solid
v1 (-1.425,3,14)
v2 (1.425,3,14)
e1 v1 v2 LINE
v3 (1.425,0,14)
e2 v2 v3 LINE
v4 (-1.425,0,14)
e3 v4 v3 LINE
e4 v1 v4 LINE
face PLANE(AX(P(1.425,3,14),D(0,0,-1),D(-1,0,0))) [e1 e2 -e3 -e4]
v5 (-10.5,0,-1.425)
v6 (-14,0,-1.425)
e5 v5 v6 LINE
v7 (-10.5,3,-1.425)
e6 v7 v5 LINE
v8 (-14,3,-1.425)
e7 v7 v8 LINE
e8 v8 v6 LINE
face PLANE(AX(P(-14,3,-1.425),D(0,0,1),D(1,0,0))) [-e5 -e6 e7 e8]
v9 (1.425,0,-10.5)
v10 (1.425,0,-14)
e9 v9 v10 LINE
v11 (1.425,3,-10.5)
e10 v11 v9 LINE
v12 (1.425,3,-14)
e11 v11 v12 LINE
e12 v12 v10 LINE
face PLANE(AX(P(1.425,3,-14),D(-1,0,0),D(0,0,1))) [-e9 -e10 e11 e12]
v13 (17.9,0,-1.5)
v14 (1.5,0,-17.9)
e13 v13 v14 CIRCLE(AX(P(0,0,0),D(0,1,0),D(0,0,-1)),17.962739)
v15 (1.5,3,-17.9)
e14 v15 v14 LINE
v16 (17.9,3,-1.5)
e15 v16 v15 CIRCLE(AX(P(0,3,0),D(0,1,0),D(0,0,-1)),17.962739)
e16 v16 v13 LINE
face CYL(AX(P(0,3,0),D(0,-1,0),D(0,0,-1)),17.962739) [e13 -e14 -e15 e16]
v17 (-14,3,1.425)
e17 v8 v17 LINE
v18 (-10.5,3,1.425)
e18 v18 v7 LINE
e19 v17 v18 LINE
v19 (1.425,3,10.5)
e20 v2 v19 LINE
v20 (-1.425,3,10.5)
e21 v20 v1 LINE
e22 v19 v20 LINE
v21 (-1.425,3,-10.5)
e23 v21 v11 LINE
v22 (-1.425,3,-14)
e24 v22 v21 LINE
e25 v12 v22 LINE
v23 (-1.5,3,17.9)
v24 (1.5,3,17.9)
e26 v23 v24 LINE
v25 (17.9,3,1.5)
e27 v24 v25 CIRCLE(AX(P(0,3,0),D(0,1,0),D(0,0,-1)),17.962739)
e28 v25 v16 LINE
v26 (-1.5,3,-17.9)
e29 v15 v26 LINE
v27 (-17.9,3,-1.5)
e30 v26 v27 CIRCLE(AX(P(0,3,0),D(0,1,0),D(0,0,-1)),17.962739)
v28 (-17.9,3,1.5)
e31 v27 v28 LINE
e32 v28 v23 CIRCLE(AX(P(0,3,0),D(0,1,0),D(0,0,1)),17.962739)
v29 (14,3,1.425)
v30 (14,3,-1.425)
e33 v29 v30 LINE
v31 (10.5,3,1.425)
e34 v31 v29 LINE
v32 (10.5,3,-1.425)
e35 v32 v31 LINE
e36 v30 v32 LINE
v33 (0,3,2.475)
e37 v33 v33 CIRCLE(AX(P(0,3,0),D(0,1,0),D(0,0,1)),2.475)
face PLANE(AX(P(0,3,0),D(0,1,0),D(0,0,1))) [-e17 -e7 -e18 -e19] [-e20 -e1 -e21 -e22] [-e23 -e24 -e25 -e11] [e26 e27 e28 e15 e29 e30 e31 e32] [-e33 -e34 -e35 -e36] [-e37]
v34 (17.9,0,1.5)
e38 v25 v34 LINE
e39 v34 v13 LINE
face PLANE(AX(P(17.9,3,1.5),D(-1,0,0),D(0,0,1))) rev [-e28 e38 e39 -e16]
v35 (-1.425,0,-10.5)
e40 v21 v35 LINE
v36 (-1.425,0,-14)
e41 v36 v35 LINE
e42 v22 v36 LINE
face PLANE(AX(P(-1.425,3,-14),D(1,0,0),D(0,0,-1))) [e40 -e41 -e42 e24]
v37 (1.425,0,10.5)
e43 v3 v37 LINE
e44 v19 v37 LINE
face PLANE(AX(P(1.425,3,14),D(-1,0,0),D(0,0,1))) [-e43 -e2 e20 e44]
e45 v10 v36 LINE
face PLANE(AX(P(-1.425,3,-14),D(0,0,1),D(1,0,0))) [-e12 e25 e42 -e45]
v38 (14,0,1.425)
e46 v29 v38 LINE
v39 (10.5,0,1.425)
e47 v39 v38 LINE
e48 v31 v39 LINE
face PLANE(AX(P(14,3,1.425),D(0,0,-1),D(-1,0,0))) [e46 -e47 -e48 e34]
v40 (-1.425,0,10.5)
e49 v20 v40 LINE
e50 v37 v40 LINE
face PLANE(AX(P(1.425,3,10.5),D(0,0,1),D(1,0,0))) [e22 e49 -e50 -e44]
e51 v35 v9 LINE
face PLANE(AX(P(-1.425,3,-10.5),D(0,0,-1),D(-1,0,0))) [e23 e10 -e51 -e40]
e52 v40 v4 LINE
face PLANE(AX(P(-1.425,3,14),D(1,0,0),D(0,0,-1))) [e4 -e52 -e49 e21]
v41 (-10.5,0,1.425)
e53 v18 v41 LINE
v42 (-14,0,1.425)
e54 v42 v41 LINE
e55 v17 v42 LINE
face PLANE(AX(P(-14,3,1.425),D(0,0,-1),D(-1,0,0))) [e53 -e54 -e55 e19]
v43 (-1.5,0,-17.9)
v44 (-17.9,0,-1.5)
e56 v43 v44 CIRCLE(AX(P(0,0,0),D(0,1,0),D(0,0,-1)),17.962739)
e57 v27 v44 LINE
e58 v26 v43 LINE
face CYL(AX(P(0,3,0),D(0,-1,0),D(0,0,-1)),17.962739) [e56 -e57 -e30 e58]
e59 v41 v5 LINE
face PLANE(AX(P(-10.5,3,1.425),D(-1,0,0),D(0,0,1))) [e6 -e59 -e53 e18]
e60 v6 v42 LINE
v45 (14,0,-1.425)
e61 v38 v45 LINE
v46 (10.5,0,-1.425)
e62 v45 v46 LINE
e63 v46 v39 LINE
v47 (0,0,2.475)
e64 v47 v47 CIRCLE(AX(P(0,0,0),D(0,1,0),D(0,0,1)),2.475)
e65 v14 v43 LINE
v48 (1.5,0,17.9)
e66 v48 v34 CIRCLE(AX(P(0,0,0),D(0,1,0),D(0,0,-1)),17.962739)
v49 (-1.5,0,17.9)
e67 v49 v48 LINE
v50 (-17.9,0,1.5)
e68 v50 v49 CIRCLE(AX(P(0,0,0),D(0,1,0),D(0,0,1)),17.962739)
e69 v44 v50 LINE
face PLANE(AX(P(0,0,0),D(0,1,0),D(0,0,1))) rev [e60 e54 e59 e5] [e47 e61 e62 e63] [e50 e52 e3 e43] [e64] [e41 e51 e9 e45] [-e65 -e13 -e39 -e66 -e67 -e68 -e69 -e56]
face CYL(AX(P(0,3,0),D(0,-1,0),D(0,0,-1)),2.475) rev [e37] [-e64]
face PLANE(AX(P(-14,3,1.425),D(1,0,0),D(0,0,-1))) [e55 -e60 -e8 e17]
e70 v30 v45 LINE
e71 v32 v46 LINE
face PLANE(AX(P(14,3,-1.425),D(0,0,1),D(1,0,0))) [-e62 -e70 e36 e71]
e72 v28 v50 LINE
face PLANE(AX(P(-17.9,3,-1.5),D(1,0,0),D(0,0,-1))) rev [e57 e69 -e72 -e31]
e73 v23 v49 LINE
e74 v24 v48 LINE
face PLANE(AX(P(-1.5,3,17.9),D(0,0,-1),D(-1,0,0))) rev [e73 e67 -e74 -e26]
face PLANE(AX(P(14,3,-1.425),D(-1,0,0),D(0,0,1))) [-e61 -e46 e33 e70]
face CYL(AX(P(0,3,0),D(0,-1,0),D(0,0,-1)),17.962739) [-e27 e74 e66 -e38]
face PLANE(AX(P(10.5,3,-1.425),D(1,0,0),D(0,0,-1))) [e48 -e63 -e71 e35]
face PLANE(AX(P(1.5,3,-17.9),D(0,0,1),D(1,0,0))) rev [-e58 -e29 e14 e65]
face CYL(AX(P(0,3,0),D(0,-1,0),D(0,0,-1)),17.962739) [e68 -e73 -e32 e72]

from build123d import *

# Parameters (mm, degrees)
SKETCH1_R           = 2.475
SKETCH1_W           = 2.85
SKETCH1_H           = 3.5
SKETCH1_W_2         = 3.5
SKETCH1_H_2         = 2.85
BOSS_EXTRUDE1_DEPTH = 3


with BuildPart() as part:
    # Sketch1 → Boss-Extrude1 (new body)
    with BuildSketch(Plane(origin=(0, 0, 0), x_dir=(1, 0, 0), z_dir=(0, 1, 0))):
        with BuildLine():
            Line((-1.5, -17.9), (1.5, -17.9))
            ThreePointArc((1.5, -17.9), (12.701574706, -12.701574706), (17.9, -1.5))
            Line((17.9, -1.5), (17.9, 1.5))
            ThreePointArc((17.9, 1.5), (12.701574706, 12.701574706), (1.5, 17.9))
            Line((1.5, 17.9), (-1.5, 17.9))
            ThreePointArc((-1.5, 17.9), (-12.701574706, 12.701574706), (-17.9, 1.5))
            Line((-17.9, 1.5), (-17.9, -1.5))
            ThreePointArc((-17.9, -1.5), (-12.701574706, -12.701574706), (-1.5, -17.9))
        make_face()
        with Locations(Location((0, 0, 0), (0, 0, 270))):
            Circle(SKETCH1_R, mode=Mode.SUBTRACT)
        with Locations((0, -12.25)):
            Rectangle(SKETCH1_W, SKETCH1_H, mode=Mode.SUBTRACT)
        with Locations((-12.25, 0)):
            Rectangle(SKETCH1_W_2, SKETCH1_H_2, mode=Mode.SUBTRACT)
        with Locations((0, 12.25)):
            Rectangle(SKETCH1_W, SKETCH1_H, mode=Mode.SUBTRACT)
        with Locations((12.25, 0)):
            Rectangle(SKETCH1_W_2, SKETCH1_H_2, mode=Mode.SUBTRACT)
    extrude(amount=BOSS_EXTRUDE1_DEPTH)


solid = part.part
